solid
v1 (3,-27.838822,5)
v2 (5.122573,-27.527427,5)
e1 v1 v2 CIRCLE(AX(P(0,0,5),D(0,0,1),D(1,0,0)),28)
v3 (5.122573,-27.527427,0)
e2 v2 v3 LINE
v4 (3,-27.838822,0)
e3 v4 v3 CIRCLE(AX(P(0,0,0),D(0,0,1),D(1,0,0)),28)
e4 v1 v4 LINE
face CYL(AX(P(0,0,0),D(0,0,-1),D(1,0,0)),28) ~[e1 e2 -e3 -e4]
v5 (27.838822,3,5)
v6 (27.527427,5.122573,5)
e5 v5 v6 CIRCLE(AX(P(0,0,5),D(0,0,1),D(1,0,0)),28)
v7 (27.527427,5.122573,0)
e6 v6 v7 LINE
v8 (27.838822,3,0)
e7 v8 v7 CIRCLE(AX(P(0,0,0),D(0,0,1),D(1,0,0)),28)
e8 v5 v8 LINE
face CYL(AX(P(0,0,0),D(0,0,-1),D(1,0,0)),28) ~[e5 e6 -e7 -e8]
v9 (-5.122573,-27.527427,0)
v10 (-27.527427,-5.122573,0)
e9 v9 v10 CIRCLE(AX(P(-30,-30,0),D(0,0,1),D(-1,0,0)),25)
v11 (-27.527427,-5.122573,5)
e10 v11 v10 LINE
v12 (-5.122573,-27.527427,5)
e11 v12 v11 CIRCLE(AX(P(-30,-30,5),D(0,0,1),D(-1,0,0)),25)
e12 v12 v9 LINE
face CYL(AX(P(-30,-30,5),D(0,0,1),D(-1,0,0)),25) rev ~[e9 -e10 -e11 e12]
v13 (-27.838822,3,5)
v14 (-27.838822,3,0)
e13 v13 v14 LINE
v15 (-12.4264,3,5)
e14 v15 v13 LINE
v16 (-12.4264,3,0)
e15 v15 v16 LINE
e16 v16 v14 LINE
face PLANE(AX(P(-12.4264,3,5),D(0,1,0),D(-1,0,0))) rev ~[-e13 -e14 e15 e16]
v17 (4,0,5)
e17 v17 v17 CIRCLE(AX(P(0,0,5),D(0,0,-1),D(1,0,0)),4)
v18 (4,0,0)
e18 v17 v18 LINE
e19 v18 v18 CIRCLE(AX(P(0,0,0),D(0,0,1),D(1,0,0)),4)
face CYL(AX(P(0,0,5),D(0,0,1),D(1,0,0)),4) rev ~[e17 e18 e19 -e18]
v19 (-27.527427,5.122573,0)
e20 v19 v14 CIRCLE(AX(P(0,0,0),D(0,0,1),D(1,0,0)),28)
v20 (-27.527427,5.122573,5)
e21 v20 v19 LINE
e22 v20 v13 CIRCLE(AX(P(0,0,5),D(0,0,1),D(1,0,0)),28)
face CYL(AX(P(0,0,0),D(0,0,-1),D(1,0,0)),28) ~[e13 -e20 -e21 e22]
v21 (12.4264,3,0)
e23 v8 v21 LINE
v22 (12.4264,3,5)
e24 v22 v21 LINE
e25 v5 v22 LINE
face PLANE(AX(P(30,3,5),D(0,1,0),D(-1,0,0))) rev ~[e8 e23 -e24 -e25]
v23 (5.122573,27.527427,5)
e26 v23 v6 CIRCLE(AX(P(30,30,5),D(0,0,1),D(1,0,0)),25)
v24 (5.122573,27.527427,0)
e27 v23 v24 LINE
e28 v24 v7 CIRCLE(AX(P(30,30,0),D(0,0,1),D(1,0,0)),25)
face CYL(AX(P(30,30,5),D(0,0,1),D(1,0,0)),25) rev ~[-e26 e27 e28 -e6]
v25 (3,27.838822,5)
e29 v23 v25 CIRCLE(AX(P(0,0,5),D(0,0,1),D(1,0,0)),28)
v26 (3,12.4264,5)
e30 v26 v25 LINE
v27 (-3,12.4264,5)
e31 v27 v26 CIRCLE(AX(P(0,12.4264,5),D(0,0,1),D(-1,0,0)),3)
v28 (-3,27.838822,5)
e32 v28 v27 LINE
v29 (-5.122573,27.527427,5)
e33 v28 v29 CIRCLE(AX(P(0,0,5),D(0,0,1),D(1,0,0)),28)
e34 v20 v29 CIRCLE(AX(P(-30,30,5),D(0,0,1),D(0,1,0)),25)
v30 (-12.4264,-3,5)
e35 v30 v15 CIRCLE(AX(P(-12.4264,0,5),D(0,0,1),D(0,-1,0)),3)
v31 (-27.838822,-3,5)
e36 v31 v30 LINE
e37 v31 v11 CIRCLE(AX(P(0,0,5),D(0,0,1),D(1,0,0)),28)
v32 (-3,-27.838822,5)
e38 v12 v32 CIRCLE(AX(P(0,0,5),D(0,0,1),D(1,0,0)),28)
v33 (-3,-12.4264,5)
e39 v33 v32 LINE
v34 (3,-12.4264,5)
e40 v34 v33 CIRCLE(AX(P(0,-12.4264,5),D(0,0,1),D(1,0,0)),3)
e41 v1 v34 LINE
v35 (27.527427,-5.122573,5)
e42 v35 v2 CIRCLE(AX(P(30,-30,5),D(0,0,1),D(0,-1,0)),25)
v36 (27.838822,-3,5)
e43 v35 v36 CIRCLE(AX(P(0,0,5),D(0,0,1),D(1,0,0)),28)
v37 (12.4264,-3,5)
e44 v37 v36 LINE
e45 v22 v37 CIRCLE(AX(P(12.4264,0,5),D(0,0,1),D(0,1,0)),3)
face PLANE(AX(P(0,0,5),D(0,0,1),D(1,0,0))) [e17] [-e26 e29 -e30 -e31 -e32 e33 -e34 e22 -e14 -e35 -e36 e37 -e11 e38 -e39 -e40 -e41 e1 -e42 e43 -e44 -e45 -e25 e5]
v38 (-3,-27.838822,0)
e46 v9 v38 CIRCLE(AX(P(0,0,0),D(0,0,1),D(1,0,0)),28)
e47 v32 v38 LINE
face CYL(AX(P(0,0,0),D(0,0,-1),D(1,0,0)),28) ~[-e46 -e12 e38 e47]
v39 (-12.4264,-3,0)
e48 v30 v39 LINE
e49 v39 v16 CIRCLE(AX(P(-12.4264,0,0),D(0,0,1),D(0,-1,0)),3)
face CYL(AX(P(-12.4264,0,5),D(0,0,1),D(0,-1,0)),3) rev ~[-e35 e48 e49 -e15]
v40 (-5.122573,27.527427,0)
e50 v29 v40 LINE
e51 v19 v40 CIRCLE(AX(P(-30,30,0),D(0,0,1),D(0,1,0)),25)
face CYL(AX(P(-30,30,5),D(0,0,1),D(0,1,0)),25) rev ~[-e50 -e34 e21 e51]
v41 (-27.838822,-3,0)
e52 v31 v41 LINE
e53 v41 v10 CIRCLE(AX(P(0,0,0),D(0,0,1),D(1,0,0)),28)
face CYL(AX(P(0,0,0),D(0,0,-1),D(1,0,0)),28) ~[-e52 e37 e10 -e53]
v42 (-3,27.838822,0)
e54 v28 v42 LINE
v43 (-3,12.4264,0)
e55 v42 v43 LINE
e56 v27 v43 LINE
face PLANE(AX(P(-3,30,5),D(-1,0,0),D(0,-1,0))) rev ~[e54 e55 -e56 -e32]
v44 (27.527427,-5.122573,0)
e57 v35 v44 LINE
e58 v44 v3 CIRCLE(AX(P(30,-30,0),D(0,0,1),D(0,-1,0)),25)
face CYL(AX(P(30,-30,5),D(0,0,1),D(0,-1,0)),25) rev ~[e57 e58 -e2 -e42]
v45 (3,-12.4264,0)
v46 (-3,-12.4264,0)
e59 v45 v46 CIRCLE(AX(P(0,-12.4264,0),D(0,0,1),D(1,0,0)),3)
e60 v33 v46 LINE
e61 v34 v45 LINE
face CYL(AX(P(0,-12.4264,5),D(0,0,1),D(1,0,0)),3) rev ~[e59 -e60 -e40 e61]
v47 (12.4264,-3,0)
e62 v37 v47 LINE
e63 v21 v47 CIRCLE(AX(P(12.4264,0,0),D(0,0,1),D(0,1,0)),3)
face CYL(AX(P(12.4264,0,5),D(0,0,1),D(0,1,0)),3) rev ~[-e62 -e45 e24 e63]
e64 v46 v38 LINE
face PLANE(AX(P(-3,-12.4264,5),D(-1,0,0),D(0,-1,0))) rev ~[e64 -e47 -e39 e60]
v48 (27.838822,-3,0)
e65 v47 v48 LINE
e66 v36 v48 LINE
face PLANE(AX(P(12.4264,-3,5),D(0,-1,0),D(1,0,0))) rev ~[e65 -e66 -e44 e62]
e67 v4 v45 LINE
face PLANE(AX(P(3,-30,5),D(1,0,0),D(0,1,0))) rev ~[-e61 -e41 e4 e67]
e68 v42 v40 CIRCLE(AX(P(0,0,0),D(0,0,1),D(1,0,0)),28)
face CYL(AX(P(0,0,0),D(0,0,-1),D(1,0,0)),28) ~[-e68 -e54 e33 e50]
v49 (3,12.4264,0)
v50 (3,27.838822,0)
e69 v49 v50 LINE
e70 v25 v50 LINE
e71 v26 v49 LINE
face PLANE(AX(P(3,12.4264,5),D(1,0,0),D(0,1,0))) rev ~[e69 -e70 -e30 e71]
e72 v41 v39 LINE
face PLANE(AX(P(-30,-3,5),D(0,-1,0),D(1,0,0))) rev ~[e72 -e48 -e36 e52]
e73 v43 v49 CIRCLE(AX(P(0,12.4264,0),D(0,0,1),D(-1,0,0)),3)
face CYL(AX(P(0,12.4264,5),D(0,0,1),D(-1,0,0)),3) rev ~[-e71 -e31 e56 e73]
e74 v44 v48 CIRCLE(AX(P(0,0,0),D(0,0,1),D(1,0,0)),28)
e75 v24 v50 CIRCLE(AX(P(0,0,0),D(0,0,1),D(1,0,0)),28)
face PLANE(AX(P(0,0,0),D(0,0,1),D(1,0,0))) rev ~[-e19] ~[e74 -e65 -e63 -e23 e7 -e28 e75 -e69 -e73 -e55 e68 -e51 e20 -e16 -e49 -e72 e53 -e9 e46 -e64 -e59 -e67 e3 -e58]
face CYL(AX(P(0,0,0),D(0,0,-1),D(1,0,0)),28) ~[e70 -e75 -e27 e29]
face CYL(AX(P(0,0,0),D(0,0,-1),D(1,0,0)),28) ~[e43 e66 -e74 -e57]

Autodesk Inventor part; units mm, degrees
ref_plane "YZ Plane" through (0, 0, 0) normal (1, 0, 0) x (0, 1, 0)
ref_plane "XZ Plane" through (0, 0, 0) normal (0, 1, 0) x (-1, 0, 0)
ref_plane "XY Plane" through (0, 0, 0) normal (0, 0, 1) x (1, 0, 0)
sketch "Sketch1" plane through (0, 0, 0) normal (0, 0, 1) x (1, 0, 0)
  circle A0 centre (0, 0) radius 28
  dimension "d0" = 56
extrude "Extrusion1" add sketch "Sketch1" along normal blind 5
sketch "Sketch2" plane through (0, 0, 5) normal (0, 0, 1) x (1, 0, 0)
  line L0 (0, 0) -> (30, 0) construction
  line L1 (30, 0) -> (30, 30) construction
  line L2 (30, 30) -> (0, 30) construction
  line L3 (0, 30) -> (0, 0) construction
  circle A0 centre (0, 0) radius 30 construction
  circle A1 centre (30, 30) radius 30 construction
  circle A2 centre (0, 0) radius 12.4264 construction
  circle A3 centre (30, 30) radius 25
  circle A4 centre (0, 0) radius 4
  line L4 (12.4264, 0) -> (30, 0) construction
  line L5 (12.4264, -3) -> (30, -3)
  line L6 (30, 3) -> (12.4264, 3)
  arc A5 (12.4264, 3) -> (12.4264, -3) centre (12.4264, 0) ccw
  arc A6 (30, -3) -> (30, 3) centre (30, 0) ccw
  point P0 (21.2132, 0)
  dimension "d5" = 60
  dimension "d3" = 30
  dimension "d4" = 30
  dimension "d6" = 60
  dimension "d7" = 50
  dimension "d8" = 8
  dimension "d9" = 6
extrude "Extrusion2" cut sketch "Sketch2" against normal blind 5
pattern_circular "Circular Pattern1" count 4 over 360 about axis through (0, 0, 5) along (0, 0, -1) of "Extrusion2"
properties part number "Geneva_driven"
